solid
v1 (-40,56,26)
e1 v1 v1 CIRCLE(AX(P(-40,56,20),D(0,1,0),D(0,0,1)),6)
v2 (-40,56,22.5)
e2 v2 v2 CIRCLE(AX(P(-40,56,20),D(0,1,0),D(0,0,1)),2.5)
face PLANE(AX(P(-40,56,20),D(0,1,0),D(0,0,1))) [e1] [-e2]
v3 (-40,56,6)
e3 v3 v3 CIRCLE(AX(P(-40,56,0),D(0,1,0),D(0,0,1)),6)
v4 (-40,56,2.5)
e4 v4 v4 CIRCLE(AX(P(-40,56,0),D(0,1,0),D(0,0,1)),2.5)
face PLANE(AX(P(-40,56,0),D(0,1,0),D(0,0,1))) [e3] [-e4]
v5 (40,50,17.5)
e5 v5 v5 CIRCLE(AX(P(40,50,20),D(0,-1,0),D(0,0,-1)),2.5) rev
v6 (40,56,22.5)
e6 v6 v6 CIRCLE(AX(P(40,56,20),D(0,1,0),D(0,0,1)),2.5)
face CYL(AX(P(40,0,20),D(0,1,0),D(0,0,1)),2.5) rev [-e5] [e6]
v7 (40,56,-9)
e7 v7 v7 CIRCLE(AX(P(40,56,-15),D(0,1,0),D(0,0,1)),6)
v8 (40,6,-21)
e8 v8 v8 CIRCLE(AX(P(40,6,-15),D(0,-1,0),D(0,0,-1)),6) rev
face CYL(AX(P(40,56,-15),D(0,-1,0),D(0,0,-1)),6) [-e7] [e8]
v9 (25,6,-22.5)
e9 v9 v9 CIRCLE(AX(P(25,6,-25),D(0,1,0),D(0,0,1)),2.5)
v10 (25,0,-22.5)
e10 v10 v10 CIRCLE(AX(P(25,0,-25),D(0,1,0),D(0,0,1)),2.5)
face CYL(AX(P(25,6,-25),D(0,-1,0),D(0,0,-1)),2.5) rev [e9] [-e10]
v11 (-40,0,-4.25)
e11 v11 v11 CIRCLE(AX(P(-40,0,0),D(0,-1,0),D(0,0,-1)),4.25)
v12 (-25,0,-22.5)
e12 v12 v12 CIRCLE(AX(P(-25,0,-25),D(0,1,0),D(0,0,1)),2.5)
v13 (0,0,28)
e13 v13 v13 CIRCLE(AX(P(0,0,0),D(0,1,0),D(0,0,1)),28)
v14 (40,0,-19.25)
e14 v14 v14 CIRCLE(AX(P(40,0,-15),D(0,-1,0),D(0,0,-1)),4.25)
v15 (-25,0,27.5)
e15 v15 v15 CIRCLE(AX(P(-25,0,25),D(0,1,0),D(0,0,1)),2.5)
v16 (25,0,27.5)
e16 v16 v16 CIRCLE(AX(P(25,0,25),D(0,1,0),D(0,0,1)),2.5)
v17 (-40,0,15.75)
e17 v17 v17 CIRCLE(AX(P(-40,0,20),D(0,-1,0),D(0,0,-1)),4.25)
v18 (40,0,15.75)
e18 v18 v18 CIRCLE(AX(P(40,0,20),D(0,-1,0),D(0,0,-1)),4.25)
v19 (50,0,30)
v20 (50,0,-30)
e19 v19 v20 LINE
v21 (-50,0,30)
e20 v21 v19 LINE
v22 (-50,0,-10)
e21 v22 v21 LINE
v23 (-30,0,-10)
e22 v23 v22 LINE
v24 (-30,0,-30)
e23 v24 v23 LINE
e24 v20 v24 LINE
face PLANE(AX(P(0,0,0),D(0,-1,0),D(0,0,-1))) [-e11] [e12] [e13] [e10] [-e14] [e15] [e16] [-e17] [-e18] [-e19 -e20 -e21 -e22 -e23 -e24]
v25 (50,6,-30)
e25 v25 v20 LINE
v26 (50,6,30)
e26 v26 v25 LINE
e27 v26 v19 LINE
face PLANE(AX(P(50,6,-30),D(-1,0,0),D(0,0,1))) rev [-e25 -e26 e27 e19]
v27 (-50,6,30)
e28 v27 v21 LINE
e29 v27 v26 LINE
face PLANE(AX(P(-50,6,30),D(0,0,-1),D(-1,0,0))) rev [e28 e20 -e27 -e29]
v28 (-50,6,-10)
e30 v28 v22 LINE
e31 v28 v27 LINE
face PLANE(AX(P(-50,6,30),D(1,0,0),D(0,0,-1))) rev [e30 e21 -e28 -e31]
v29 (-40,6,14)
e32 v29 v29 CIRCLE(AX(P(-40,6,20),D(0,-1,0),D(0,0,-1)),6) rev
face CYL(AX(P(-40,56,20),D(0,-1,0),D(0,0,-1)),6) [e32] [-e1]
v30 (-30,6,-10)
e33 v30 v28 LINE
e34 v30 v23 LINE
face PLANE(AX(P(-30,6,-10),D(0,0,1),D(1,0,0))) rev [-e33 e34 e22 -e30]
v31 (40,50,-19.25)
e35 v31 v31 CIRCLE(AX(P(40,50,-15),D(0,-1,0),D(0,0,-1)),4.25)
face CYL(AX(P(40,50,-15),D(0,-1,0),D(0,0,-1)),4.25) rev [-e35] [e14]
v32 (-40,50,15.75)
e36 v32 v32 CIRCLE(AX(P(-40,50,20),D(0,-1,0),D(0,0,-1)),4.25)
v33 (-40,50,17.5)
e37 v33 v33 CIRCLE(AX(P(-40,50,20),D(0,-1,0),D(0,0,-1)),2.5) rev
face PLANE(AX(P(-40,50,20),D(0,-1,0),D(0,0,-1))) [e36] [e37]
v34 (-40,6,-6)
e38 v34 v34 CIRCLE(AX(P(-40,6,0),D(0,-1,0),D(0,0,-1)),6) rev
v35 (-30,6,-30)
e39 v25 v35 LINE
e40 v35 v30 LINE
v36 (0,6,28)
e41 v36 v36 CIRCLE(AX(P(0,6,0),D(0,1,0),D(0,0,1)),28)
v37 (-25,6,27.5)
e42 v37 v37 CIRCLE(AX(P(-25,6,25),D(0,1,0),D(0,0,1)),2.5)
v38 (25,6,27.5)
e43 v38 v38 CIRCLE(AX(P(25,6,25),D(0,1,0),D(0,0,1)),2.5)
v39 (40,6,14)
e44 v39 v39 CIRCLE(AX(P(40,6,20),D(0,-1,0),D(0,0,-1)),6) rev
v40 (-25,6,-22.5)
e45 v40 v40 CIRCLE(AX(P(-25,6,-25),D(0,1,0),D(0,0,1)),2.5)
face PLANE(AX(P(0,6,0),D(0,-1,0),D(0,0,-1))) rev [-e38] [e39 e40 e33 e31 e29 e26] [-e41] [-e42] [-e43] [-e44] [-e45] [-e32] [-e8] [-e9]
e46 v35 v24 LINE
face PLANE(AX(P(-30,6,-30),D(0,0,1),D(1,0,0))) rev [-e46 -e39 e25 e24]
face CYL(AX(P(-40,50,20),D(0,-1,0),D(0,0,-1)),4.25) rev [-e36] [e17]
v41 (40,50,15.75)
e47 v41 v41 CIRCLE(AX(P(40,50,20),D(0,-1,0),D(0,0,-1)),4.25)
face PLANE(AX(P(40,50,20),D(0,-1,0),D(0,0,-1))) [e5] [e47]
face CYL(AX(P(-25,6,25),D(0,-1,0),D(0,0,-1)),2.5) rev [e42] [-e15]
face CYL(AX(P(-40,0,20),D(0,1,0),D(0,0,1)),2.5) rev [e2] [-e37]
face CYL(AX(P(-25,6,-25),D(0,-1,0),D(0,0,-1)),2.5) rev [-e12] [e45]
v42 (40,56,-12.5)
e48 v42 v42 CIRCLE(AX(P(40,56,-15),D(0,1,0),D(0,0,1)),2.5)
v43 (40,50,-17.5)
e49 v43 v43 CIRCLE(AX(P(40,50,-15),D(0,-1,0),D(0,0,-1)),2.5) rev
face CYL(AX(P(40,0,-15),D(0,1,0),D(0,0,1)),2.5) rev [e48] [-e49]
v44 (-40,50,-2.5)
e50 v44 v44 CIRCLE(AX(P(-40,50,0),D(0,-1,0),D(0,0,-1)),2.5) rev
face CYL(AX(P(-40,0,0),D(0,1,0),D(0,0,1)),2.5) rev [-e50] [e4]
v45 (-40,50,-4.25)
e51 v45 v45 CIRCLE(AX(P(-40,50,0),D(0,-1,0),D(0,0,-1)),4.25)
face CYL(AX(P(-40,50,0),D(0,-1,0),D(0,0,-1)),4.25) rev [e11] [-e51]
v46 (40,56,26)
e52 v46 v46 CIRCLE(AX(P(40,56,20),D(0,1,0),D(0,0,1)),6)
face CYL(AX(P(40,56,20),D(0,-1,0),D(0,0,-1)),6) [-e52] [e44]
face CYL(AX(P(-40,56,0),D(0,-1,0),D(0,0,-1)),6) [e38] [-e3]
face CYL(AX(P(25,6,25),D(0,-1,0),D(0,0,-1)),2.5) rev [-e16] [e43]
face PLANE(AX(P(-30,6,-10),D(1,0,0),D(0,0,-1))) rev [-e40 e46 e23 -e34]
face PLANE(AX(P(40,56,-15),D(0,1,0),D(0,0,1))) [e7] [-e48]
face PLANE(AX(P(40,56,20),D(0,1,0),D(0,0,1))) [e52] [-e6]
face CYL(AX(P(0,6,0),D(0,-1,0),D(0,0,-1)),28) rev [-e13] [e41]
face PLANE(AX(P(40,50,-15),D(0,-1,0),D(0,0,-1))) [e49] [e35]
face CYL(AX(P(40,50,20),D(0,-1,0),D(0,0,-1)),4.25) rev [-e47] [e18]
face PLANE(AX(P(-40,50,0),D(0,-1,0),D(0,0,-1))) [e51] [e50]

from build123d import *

# Parameters (mm, degrees)
SKETCH1_R           = 28
SKETCH1_R_2         = 2.5
BOSS_EXTRUDE1_DEPTH = 6
SKETCH2_R           = 6
BOSS_EXTRUDE2_DEPTH = 50
SKETCH3_R           = 2.5
CUT_EXTRUDE1_DEPTH  = 57
SKETCH5_R           = 4.25
CUT_EXTRUDE2_DEPTH  = 50


with BuildPart() as part:
    # Sketch1 → Boss-Extrude1 (new body)
    with BuildSketch(Plane(origin=(0, 0, 0), x_dir=(1, 0, 0), z_dir=(0, 1, 0))):
        Polygon((-50, -30), (50, -30), (50, 30), (-30, 30), (-30, 10), (-50, 10), align=None)
        Circle(SKETCH1_R, mode=Mode.SUBTRACT)
        with Locations((-25, 25)):
            Circle(SKETCH1_R_2, mode=Mode.SUBTRACT)
        with Locations((25, 25)):
            Circle(SKETCH1_R_2, mode=Mode.SUBTRACT)
        with Locations((25, -25)):
            Circle(SKETCH1_R_2, mode=Mode.SUBTRACT)
        with Locations((-25, -25)):
            Circle(SKETCH1_R_2, mode=Mode.SUBTRACT)
    extrude(amount=BOSS_EXTRUDE1_DEPTH)

    # Sketch2 → Boss-Extrude2 (add)
    with BuildSketch(Plane(origin=(0, 6, 0), x_dir=(1, 0, 0), z_dir=(0, 1, 0))):
        with Locations((-40, 0)):
            Circle(SKETCH2_R)
        with Locations((-40, -20)):
            Circle(SKETCH2_R)
        with Locations((40, 15)):
            Circle(SKETCH2_R)
        with Locations((40, -20)):
            Circle(SKETCH2_R)
    extrude(amount=BOSS_EXTRUDE2_DEPTH)

    # Sketch3 → Cut-Extrude1 (cut, through all)
    with BuildSketch(Plane(origin=(0, 56, 0), x_dir=(1, 0, 0), z_dir=(0, 1, 0))):
        with Locations((-40, 0)):
            Circle(SKETCH3_R)
        with Locations((-40, -20)):
            Circle(SKETCH3_R)
        with Locations((40, -20)):
            Circle(SKETCH3_R)
        with Locations((40, 15)):
            Circle(SKETCH3_R)
    extrude(amount=-CUT_EXTRUDE1_DEPTH, mode=Mode.SUBTRACT)

    # Sketch5 → Cut-Extrude2 (cut)
    with BuildSketch(Plane.XZ):
        with Locations((-40, 0)):
            Circle(SKETCH5_R)
        with Locations((-40, 20)):
            Circle(SKETCH5_R)
        with Locations((40, 20)):
            Circle(SKETCH5_R)
        with Locations((40, -15)):
            Circle(SKETCH5_R)
    extrude(amount=-CUT_EXTRUDE2_DEPTH, mode=Mode.SUBTRACT)


solid = part.part
